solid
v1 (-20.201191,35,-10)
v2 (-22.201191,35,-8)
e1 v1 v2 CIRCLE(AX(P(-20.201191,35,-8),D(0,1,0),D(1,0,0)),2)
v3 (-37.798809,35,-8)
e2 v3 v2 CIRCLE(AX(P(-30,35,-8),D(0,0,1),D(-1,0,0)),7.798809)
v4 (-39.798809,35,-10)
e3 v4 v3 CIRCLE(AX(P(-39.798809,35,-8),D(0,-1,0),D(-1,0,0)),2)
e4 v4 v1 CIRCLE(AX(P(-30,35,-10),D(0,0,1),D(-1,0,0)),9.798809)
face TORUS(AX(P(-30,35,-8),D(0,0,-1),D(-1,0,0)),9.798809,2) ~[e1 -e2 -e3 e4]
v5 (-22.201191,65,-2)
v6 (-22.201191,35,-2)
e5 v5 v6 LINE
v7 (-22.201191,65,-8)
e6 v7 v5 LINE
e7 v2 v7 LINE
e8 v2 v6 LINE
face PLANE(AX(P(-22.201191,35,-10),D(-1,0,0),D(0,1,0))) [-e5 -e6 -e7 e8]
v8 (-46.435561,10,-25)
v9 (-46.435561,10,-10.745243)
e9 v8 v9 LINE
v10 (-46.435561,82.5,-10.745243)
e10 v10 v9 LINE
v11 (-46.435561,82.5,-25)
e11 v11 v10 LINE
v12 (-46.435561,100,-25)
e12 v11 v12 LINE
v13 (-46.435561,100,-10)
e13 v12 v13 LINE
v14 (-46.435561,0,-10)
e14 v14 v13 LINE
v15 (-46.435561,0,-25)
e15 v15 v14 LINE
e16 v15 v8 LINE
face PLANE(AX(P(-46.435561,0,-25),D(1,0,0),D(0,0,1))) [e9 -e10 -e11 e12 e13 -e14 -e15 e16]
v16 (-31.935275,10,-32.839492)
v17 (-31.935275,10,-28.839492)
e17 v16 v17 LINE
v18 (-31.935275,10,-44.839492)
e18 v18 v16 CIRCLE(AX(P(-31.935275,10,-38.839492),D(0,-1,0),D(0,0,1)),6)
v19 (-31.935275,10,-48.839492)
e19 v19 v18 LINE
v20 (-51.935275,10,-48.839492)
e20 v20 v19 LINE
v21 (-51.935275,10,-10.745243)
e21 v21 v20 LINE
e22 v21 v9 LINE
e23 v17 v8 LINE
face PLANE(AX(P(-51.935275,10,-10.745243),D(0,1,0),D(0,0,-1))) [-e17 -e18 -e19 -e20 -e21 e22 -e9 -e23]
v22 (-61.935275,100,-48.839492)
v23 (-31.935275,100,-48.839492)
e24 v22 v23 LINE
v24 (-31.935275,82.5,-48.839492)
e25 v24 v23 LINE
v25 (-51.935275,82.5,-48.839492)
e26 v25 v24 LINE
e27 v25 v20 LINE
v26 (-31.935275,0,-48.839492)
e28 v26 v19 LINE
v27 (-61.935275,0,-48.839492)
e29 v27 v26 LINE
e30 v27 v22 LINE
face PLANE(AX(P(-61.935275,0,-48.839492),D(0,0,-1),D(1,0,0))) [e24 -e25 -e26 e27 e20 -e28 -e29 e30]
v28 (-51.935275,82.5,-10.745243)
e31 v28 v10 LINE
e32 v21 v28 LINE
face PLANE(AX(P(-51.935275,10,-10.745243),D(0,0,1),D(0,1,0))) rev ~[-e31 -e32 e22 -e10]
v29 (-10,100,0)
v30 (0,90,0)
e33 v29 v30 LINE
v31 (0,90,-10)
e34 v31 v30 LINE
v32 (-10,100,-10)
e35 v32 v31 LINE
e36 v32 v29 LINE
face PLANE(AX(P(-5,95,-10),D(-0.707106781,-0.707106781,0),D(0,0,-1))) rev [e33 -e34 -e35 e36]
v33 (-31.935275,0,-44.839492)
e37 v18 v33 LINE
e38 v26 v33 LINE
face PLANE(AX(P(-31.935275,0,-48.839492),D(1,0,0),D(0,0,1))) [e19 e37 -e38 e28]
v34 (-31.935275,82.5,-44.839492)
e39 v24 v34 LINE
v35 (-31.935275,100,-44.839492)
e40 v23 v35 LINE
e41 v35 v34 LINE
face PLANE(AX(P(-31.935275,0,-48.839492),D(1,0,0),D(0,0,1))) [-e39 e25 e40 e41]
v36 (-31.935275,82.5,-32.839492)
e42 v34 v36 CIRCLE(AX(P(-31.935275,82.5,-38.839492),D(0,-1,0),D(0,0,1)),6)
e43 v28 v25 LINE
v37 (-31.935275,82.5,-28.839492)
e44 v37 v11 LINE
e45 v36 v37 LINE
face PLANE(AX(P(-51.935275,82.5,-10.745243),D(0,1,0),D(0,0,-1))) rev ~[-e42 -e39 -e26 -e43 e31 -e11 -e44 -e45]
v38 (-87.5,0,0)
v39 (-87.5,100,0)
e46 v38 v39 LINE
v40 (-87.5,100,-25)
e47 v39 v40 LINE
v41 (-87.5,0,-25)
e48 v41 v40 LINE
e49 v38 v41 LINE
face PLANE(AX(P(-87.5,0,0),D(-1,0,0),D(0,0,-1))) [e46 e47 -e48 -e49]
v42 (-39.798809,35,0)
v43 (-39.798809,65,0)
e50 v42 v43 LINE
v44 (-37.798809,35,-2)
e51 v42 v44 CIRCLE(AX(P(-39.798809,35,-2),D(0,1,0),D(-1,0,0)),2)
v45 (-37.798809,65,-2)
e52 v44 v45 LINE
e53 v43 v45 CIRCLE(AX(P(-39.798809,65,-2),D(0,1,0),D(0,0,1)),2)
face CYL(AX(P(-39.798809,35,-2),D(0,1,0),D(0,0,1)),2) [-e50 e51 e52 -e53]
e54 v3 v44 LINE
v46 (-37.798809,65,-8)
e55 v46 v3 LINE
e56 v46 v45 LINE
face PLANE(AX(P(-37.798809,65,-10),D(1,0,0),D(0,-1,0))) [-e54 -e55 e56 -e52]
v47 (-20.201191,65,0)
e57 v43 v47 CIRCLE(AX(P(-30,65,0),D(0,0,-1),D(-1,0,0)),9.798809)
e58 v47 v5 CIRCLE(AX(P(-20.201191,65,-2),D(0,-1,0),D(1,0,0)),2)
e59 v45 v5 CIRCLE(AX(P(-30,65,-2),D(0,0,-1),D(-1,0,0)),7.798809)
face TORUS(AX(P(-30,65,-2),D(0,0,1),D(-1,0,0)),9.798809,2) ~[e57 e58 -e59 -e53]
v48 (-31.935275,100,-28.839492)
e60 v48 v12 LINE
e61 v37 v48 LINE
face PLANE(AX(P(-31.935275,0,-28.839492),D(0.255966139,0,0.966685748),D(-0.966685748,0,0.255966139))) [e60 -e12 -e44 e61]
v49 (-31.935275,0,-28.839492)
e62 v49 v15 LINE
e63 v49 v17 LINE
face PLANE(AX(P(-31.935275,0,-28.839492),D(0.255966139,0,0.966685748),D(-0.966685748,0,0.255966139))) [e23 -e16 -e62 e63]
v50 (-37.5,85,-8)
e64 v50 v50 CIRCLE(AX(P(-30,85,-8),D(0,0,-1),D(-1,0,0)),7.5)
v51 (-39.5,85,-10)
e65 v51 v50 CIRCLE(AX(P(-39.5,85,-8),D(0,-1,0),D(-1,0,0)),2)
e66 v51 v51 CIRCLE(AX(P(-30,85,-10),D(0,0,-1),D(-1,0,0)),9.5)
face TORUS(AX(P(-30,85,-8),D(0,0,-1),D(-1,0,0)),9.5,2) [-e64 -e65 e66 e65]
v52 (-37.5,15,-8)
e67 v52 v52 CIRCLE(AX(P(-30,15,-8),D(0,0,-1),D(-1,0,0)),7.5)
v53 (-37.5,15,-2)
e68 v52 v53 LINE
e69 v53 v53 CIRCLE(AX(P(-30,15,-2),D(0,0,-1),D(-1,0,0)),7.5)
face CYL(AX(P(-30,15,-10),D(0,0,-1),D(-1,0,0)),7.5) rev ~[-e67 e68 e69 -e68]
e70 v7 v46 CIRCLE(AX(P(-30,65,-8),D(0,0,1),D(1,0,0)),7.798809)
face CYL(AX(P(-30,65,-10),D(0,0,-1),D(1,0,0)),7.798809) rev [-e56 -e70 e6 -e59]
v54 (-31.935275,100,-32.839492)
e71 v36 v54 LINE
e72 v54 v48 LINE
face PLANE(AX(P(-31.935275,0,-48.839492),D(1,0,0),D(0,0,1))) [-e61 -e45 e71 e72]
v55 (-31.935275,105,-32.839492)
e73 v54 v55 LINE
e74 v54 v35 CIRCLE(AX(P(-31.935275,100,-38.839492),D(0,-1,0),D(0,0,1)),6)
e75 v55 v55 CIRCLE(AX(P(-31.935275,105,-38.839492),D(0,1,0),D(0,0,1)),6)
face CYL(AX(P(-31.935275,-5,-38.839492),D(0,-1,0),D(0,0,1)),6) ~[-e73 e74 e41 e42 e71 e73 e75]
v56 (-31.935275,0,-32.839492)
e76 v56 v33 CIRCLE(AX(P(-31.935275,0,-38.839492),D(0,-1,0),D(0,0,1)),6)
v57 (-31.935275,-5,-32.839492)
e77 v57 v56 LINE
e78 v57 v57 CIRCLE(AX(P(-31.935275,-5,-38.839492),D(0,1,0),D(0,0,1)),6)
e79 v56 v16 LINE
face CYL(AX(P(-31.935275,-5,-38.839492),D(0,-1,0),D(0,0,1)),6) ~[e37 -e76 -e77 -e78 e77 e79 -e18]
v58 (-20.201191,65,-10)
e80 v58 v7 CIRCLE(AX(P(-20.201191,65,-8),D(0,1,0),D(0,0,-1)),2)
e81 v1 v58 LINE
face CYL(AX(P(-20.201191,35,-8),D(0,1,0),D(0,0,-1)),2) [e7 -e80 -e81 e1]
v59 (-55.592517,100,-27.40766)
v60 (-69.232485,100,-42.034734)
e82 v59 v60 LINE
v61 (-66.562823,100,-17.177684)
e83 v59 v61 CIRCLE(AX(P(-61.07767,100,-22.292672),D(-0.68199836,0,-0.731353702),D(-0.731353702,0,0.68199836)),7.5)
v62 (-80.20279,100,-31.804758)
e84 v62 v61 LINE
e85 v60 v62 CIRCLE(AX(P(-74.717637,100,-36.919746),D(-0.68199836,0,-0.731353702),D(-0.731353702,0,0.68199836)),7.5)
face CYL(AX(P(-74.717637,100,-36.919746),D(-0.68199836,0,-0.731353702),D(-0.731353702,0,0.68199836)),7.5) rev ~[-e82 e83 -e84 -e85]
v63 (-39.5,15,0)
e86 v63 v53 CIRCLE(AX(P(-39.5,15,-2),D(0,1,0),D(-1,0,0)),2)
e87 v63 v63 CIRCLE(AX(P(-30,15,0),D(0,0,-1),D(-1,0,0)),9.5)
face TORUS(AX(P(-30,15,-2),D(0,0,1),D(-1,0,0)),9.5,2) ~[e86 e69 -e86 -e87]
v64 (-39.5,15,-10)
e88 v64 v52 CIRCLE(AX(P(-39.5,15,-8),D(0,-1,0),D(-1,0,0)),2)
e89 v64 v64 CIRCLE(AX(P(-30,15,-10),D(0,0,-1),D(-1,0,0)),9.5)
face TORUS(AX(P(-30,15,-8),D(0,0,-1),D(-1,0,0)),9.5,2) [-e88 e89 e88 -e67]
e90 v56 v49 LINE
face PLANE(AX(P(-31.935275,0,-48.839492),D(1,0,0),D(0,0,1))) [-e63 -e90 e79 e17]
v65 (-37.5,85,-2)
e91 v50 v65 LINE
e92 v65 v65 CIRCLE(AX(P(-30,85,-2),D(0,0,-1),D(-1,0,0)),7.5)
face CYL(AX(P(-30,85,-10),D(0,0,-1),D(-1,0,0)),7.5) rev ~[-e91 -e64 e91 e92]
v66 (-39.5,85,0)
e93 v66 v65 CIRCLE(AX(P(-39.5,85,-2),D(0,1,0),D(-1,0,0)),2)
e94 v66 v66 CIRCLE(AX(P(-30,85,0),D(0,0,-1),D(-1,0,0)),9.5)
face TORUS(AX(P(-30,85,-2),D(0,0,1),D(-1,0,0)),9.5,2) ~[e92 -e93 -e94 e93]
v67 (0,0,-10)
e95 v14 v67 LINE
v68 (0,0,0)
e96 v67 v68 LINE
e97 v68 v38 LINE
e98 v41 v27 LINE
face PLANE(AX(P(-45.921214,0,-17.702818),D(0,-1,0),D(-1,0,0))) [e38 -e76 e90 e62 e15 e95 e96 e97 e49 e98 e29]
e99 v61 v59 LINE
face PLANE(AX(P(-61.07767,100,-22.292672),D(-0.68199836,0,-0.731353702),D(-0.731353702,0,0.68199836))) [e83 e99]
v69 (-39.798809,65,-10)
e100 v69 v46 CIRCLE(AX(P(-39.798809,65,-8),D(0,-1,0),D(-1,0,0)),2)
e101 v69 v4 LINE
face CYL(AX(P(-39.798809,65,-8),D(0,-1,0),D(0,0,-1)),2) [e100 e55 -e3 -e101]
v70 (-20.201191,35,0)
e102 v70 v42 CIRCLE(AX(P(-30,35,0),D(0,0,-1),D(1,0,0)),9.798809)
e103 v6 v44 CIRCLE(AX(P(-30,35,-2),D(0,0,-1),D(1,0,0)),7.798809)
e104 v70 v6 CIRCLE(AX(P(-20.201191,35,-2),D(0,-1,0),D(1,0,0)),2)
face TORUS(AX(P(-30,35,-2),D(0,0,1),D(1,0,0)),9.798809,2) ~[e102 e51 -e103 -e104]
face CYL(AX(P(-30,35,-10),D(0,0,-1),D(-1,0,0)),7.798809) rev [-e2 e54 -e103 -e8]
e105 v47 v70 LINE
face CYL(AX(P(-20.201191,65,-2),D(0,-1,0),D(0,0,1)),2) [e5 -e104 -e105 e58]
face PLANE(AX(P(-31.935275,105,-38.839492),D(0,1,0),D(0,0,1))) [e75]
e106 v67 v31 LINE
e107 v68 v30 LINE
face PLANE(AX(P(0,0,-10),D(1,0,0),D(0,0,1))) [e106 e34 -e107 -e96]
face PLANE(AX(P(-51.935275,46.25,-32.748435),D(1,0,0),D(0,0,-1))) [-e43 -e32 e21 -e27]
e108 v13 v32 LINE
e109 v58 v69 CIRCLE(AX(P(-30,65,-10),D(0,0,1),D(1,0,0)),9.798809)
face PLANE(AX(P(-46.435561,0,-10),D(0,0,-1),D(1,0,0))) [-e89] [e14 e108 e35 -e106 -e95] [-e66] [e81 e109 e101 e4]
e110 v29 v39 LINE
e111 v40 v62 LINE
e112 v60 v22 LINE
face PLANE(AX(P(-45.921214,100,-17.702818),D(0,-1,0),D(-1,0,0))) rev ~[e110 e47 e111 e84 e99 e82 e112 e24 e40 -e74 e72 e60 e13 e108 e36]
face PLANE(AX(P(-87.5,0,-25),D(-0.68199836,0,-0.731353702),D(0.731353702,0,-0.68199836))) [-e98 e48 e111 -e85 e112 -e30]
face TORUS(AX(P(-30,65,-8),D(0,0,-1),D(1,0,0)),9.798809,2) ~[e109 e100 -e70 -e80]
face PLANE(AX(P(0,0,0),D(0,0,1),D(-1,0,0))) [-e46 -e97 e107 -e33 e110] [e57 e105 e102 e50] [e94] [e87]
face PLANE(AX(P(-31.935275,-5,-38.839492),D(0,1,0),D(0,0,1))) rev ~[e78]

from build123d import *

# Parameters (mm, degrees)
BOSS_EXTRUDE1_DEPTH      = 100
BOSS_EXTRUDE2_DEPTH      = 5
BOSS_EXTRUDE2_DEPTH_BACK = 105
SKETCH2_R                = 6
CUT_EXTRUDE7_DEPTH       = 129.443507792
CUT_EXTRUDE7_DEPTH_BACK  = 20
SKETCH4_W                = 44.006383114
SKETCH4_H                = 72.5
SKETCH5_R                = 7.5
CUT_EXTRUDE8_DEPTH       = 143.090661712
FILLET1_R                = 2
CHAMFER1_SIZE            = 10
SKETCH6_R                = 7.5
CUT_EXTRUDE9_DEPTH       = 20


with BuildPart() as part:
    # Sketch1 → Boss-Extrude1 (new body)
    with BuildSketch(Plane(origin=(0, 0, 0), x_dir=(1, 0, 0), z_dir=(0, 1, 0))):
        Polygon((0, 0), (-87.5, 0), (-87.5, 25), (-61.935274621, 48.839492089), (-31.935274621, 48.839492089), (-31.935274621, 28.839492089), (-46.435560843, 25), (-46.435560843, 10), (0, 10), align=None)
    extrude(amount=BOSS_EXTRUDE1_DEPTH)

    # Sketch2 → Boss-Extrude2 (add, two sides: drawn at the far end of the back side and taken through both)
    with BuildSketch(Plane(origin=(0, 100, 0), x_dir=(1, 0, 0), z_dir=(0, 1, 0)).offset(-BOSS_EXTRUDE2_DEPTH_BACK)):
        with Locations(Location((-31.935274621, 38.839492089, 0), (0, 0, 270))):
            Circle(SKETCH2_R)
    extrude(amount=BOSS_EXTRUDE2_DEPTH + BOSS_EXTRUDE2_DEPTH_BACK)

    # Sketch4 → Cut-Extrude7 (cut, two sides: drawn at the far end of the back side and taken through both)
    with BuildSketch(Plane(origin=(-31.935274621, 0, 0), x_dir=(0, 0, -1), z_dir=(1, 0, 0)).offset(-CUT_EXTRUDE7_DEPTH_BACK)):
        with Locations((32.748434583, 46.25)):
            Rectangle(SKETCH4_W, SKETCH4_H)
    extrude(amount=CUT_EXTRUDE7_DEPTH + CUT_EXTRUDE7_DEPTH_BACK, mode=Mode.SUBTRACT)

    # Sketch5 → Cut-Extrude8 (cut, through all)
    with BuildSketch(Plane(origin=(0, 0, -10), x_dir=(-1, 0, 0), z_dir=(0, 0, -1))):
        with Locations((30, 15)):
            Circle(SKETCH5_R)
        with Locations((30, 85)):
            Circle(SKETCH5_R)
        with BuildLine():
            Line((22.201190531, 35), (22.201190531, 65))
            ThreePointArc((22.201190531, 65), (30, 72.798809469), (37.798809469, 65))
            Line((37.798809469, 65), (37.798809469, 35))
            ThreePointArc((37.798809469, 35), (30, 27.201190531), (22.201190531, 35))
        make_face()
    extrude(amount=-CUT_EXTRUDE8_DEPTH, mode=Mode.SUBTRACT)

    # Fillet1
    fillet1_edges = [part.edges().sort_by_distance(p)[0] for p in [
        (-22.5, 15, 0),
        (-22.5, 15, -10),
        (-22.5, 85, 0),
        (-22.5, 85, -10),
        (-30, 27.201190531, 0),
        (-22.201190531, 50, 0),
        (-30, 72.798809469, 0),
        (-37.798809469, 50, 0),
        (-30, 27.201190531, -10),
        (-37.798809469, 50, -10),
        (-30, 72.798809469, -10),
        (-22.201190531, 50, -10),
    ]]
    fillet(fillet1_edges, radius=FILLET1_R)

    # Chamfer1
    chamfer1_edges = [part.edges().sort_by_distance(p)[0] for p in [
        (0, 100, -5),
    ]]
    chamfer(chamfer1_edges, length=CHAMFER1_SIZE)

    # Sketch6 → Cut-Extrude9 (cut)
    with BuildSketch(Plane(origin=(-53.167704902, 0, -57.015383121), x_dir=(-0.7313537016191667, 0, 0.6819983600625026), z_dir=(-0.6819983600625026, 0, -0.7313537016191667))):
        with Locations((29.465814367, 100)):
            Circle(SKETCH6_R)
    extrude(amount=-CUT_EXTRUDE9_DEPTH, mode=Mode.SUBTRACT)


solid = part.part
